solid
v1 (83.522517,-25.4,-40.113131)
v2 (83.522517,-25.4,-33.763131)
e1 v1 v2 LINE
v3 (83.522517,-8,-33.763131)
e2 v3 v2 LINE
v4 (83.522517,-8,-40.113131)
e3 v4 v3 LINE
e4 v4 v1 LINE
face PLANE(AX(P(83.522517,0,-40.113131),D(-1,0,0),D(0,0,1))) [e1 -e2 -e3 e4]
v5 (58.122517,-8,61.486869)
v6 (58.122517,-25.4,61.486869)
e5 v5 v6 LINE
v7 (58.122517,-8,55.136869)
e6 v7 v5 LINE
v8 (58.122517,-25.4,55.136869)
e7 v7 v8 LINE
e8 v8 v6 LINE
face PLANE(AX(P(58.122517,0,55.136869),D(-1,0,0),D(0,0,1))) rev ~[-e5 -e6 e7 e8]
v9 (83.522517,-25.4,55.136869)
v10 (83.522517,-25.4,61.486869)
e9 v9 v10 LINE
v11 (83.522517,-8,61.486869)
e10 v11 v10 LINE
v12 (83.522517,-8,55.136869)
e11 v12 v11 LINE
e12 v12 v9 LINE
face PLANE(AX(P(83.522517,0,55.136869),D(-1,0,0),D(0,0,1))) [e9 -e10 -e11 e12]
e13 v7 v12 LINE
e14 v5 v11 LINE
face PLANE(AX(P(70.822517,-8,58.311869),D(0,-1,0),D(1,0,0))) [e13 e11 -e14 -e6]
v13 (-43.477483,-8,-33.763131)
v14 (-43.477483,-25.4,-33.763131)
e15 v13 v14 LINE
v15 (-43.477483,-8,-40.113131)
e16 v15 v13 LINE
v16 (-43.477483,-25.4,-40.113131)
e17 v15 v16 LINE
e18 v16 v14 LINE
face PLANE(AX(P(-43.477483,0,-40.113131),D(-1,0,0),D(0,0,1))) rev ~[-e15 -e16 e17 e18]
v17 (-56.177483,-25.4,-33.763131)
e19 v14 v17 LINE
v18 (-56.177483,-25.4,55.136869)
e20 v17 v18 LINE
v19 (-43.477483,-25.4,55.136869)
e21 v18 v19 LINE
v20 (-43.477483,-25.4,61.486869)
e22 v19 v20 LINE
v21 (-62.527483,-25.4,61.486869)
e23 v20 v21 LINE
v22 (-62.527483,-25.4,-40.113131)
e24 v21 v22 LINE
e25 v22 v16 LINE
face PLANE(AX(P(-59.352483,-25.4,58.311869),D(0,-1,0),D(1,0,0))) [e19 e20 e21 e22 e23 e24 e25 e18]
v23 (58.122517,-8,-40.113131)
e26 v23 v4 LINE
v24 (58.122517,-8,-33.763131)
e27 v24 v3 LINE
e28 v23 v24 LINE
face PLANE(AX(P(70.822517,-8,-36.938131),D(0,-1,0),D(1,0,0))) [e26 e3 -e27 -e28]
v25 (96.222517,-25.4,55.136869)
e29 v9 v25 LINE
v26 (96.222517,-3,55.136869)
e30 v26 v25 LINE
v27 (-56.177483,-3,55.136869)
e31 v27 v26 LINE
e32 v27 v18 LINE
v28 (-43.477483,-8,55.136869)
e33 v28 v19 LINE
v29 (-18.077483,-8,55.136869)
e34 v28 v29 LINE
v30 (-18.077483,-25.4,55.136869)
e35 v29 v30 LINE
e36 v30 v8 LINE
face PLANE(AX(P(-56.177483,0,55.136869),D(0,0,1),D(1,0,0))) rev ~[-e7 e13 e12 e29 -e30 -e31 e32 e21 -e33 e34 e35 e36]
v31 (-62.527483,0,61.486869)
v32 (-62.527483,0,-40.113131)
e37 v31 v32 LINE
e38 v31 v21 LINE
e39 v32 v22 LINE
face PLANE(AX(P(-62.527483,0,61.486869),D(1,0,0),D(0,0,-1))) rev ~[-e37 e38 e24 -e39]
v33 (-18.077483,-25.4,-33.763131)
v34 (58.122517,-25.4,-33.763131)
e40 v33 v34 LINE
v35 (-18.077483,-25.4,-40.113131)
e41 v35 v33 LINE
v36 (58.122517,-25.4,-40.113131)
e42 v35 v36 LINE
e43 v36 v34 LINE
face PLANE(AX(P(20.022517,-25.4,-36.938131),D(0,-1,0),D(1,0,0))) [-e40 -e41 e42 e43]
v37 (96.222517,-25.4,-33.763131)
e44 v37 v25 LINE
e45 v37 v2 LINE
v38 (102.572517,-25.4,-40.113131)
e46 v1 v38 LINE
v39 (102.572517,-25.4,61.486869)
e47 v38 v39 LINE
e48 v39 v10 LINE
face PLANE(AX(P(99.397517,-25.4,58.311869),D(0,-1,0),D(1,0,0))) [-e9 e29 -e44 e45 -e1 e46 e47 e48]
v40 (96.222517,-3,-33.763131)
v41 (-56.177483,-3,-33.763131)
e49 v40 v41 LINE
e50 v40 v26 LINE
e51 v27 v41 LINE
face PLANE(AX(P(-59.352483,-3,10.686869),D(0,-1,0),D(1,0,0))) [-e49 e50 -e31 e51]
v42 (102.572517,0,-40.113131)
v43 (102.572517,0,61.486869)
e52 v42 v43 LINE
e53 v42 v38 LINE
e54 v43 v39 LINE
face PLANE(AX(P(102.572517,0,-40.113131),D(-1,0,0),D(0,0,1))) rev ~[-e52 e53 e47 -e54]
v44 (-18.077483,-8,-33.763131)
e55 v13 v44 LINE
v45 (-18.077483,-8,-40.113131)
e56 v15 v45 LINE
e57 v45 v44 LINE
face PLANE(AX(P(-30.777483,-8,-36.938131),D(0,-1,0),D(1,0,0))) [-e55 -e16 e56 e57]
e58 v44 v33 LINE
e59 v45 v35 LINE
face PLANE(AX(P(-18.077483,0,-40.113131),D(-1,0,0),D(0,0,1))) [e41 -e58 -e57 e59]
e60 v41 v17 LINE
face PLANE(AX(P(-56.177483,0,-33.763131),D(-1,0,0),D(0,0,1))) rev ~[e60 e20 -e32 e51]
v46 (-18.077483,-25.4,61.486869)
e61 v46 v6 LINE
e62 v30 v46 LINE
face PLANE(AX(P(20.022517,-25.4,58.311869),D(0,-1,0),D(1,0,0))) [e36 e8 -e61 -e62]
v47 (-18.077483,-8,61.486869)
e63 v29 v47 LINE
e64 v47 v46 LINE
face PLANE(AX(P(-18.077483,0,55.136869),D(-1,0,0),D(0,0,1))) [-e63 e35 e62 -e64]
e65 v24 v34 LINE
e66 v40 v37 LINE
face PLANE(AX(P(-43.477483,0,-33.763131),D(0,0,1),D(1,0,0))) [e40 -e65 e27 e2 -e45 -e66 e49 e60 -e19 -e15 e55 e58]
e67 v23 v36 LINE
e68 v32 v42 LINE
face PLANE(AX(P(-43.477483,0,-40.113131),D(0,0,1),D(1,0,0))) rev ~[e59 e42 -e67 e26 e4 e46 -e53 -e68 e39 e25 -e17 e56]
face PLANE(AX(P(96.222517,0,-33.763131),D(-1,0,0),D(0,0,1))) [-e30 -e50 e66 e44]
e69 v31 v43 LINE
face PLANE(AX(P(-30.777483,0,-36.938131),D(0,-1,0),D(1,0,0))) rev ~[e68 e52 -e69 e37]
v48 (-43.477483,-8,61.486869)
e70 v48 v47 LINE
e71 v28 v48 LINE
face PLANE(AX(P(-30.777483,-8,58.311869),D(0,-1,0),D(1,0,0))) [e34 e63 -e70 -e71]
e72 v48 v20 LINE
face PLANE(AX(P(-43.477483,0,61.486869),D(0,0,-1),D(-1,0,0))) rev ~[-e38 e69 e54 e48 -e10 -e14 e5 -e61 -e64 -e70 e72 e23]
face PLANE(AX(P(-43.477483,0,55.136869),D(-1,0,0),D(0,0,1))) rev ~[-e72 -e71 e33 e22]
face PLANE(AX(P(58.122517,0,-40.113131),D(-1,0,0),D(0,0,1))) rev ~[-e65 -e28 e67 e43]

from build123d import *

# Parameters (mm, degrees)
F0_W     = 6.35
F0_H     = 88.9
F1_DEPTH = 3
F0_H_2   = 6.35
F0_W_2   = 12.7
F0_W_3   = 76.2
F2_DEPTH = 25.4
F0_W_4   = 25.4
F3_DEPTH = 8


with BuildPart() as f1:
    # F0 (on Front) → F1 (new body)
    with BuildSketch(Plane.XZ):
        with Locations((-59.3524831653, 10.6868692262)):
            Rectangle(F0_W, F0_H)
        Polygon((-43.4774831653, 55.1368692262), (-56.1774831653, 55.1368692262), (-56.1774831653, -33.7631307738), (-43.4774831653, -33.7631307738), (-18.0774831653, -33.7631307738), (58.1225168347, -33.7631307738), (83.5225168347, -33.7631307738), (96.2225168347, -33.7631307738), (96.2225168347, 55.1368692262), (83.5225168347, 55.1368692262), (58.1225168347, 55.1368692262), (-18.0774831653, 55.1368692262), align=None)
    extrude(amount=F1_DEPTH)

    # F0 (on Front) → F2 (join)
    with BuildSketch(Plane.XZ):
        with Locations((-59.3524831653, 58.3118692262)):
            Rectangle(F0_W, F0_H_2)
        with Locations((99.3975168347, 58.3118692262)):
            Rectangle(F0_W, F0_H_2)
        with Locations((-59.3524831653, -36.9381307738)):
            Rectangle(F0_W, F0_H_2)
        with Locations((99.3975168347, -36.9381307738)):
            Rectangle(F0_W, F0_H_2)
        with Locations((-49.8274831653, 58.3118692262)):
            Rectangle(F0_W_2, F0_H_2)
        with Locations((20.0225168347, 58.3118692262)):
            Rectangle(F0_W_3, F0_H_2)
        with Locations((89.8725168347, 58.3118692262)):
            Rectangle(F0_W_2, F0_H_2)
        with Locations((-49.8274831653, -36.9381307738)):
            Rectangle(F0_W_2, F0_H_2)
        with Locations((20.0225168347, -36.9381307738)):
            Rectangle(F0_W_3, F0_H_2)
        with Locations((89.8725168347, -36.9381307738)):
            Rectangle(F0_W_2, F0_H_2)
        with Locations((99.3975168347, 10.6868692262)):
            Rectangle(F0_W, F0_H)
        with Locations((-59.3524831653, 10.6868692262)):
            Rectangle(F0_W, F0_H)
    extrude(amount=F2_DEPTH)

    # F0 (on Front) → F3 (join)
    with BuildSketch(Plane.XZ):
        with Locations((-30.7774831653, -36.9381307738)):
            Rectangle(F0_W_4, F0_H_2)
        with Locations((-30.7774831653, 58.3118692262)):
            Rectangle(F0_W_4, F0_H_2)
        with Locations((70.8225168347, 58.3118692262)):
            Rectangle(F0_W_4, F0_H_2)
        with Locations((70.8225168347, -36.9381307738)):
            Rectangle(F0_W_4, F0_H_2)
    extrude(amount=F3_DEPTH)


solid = f1.part
